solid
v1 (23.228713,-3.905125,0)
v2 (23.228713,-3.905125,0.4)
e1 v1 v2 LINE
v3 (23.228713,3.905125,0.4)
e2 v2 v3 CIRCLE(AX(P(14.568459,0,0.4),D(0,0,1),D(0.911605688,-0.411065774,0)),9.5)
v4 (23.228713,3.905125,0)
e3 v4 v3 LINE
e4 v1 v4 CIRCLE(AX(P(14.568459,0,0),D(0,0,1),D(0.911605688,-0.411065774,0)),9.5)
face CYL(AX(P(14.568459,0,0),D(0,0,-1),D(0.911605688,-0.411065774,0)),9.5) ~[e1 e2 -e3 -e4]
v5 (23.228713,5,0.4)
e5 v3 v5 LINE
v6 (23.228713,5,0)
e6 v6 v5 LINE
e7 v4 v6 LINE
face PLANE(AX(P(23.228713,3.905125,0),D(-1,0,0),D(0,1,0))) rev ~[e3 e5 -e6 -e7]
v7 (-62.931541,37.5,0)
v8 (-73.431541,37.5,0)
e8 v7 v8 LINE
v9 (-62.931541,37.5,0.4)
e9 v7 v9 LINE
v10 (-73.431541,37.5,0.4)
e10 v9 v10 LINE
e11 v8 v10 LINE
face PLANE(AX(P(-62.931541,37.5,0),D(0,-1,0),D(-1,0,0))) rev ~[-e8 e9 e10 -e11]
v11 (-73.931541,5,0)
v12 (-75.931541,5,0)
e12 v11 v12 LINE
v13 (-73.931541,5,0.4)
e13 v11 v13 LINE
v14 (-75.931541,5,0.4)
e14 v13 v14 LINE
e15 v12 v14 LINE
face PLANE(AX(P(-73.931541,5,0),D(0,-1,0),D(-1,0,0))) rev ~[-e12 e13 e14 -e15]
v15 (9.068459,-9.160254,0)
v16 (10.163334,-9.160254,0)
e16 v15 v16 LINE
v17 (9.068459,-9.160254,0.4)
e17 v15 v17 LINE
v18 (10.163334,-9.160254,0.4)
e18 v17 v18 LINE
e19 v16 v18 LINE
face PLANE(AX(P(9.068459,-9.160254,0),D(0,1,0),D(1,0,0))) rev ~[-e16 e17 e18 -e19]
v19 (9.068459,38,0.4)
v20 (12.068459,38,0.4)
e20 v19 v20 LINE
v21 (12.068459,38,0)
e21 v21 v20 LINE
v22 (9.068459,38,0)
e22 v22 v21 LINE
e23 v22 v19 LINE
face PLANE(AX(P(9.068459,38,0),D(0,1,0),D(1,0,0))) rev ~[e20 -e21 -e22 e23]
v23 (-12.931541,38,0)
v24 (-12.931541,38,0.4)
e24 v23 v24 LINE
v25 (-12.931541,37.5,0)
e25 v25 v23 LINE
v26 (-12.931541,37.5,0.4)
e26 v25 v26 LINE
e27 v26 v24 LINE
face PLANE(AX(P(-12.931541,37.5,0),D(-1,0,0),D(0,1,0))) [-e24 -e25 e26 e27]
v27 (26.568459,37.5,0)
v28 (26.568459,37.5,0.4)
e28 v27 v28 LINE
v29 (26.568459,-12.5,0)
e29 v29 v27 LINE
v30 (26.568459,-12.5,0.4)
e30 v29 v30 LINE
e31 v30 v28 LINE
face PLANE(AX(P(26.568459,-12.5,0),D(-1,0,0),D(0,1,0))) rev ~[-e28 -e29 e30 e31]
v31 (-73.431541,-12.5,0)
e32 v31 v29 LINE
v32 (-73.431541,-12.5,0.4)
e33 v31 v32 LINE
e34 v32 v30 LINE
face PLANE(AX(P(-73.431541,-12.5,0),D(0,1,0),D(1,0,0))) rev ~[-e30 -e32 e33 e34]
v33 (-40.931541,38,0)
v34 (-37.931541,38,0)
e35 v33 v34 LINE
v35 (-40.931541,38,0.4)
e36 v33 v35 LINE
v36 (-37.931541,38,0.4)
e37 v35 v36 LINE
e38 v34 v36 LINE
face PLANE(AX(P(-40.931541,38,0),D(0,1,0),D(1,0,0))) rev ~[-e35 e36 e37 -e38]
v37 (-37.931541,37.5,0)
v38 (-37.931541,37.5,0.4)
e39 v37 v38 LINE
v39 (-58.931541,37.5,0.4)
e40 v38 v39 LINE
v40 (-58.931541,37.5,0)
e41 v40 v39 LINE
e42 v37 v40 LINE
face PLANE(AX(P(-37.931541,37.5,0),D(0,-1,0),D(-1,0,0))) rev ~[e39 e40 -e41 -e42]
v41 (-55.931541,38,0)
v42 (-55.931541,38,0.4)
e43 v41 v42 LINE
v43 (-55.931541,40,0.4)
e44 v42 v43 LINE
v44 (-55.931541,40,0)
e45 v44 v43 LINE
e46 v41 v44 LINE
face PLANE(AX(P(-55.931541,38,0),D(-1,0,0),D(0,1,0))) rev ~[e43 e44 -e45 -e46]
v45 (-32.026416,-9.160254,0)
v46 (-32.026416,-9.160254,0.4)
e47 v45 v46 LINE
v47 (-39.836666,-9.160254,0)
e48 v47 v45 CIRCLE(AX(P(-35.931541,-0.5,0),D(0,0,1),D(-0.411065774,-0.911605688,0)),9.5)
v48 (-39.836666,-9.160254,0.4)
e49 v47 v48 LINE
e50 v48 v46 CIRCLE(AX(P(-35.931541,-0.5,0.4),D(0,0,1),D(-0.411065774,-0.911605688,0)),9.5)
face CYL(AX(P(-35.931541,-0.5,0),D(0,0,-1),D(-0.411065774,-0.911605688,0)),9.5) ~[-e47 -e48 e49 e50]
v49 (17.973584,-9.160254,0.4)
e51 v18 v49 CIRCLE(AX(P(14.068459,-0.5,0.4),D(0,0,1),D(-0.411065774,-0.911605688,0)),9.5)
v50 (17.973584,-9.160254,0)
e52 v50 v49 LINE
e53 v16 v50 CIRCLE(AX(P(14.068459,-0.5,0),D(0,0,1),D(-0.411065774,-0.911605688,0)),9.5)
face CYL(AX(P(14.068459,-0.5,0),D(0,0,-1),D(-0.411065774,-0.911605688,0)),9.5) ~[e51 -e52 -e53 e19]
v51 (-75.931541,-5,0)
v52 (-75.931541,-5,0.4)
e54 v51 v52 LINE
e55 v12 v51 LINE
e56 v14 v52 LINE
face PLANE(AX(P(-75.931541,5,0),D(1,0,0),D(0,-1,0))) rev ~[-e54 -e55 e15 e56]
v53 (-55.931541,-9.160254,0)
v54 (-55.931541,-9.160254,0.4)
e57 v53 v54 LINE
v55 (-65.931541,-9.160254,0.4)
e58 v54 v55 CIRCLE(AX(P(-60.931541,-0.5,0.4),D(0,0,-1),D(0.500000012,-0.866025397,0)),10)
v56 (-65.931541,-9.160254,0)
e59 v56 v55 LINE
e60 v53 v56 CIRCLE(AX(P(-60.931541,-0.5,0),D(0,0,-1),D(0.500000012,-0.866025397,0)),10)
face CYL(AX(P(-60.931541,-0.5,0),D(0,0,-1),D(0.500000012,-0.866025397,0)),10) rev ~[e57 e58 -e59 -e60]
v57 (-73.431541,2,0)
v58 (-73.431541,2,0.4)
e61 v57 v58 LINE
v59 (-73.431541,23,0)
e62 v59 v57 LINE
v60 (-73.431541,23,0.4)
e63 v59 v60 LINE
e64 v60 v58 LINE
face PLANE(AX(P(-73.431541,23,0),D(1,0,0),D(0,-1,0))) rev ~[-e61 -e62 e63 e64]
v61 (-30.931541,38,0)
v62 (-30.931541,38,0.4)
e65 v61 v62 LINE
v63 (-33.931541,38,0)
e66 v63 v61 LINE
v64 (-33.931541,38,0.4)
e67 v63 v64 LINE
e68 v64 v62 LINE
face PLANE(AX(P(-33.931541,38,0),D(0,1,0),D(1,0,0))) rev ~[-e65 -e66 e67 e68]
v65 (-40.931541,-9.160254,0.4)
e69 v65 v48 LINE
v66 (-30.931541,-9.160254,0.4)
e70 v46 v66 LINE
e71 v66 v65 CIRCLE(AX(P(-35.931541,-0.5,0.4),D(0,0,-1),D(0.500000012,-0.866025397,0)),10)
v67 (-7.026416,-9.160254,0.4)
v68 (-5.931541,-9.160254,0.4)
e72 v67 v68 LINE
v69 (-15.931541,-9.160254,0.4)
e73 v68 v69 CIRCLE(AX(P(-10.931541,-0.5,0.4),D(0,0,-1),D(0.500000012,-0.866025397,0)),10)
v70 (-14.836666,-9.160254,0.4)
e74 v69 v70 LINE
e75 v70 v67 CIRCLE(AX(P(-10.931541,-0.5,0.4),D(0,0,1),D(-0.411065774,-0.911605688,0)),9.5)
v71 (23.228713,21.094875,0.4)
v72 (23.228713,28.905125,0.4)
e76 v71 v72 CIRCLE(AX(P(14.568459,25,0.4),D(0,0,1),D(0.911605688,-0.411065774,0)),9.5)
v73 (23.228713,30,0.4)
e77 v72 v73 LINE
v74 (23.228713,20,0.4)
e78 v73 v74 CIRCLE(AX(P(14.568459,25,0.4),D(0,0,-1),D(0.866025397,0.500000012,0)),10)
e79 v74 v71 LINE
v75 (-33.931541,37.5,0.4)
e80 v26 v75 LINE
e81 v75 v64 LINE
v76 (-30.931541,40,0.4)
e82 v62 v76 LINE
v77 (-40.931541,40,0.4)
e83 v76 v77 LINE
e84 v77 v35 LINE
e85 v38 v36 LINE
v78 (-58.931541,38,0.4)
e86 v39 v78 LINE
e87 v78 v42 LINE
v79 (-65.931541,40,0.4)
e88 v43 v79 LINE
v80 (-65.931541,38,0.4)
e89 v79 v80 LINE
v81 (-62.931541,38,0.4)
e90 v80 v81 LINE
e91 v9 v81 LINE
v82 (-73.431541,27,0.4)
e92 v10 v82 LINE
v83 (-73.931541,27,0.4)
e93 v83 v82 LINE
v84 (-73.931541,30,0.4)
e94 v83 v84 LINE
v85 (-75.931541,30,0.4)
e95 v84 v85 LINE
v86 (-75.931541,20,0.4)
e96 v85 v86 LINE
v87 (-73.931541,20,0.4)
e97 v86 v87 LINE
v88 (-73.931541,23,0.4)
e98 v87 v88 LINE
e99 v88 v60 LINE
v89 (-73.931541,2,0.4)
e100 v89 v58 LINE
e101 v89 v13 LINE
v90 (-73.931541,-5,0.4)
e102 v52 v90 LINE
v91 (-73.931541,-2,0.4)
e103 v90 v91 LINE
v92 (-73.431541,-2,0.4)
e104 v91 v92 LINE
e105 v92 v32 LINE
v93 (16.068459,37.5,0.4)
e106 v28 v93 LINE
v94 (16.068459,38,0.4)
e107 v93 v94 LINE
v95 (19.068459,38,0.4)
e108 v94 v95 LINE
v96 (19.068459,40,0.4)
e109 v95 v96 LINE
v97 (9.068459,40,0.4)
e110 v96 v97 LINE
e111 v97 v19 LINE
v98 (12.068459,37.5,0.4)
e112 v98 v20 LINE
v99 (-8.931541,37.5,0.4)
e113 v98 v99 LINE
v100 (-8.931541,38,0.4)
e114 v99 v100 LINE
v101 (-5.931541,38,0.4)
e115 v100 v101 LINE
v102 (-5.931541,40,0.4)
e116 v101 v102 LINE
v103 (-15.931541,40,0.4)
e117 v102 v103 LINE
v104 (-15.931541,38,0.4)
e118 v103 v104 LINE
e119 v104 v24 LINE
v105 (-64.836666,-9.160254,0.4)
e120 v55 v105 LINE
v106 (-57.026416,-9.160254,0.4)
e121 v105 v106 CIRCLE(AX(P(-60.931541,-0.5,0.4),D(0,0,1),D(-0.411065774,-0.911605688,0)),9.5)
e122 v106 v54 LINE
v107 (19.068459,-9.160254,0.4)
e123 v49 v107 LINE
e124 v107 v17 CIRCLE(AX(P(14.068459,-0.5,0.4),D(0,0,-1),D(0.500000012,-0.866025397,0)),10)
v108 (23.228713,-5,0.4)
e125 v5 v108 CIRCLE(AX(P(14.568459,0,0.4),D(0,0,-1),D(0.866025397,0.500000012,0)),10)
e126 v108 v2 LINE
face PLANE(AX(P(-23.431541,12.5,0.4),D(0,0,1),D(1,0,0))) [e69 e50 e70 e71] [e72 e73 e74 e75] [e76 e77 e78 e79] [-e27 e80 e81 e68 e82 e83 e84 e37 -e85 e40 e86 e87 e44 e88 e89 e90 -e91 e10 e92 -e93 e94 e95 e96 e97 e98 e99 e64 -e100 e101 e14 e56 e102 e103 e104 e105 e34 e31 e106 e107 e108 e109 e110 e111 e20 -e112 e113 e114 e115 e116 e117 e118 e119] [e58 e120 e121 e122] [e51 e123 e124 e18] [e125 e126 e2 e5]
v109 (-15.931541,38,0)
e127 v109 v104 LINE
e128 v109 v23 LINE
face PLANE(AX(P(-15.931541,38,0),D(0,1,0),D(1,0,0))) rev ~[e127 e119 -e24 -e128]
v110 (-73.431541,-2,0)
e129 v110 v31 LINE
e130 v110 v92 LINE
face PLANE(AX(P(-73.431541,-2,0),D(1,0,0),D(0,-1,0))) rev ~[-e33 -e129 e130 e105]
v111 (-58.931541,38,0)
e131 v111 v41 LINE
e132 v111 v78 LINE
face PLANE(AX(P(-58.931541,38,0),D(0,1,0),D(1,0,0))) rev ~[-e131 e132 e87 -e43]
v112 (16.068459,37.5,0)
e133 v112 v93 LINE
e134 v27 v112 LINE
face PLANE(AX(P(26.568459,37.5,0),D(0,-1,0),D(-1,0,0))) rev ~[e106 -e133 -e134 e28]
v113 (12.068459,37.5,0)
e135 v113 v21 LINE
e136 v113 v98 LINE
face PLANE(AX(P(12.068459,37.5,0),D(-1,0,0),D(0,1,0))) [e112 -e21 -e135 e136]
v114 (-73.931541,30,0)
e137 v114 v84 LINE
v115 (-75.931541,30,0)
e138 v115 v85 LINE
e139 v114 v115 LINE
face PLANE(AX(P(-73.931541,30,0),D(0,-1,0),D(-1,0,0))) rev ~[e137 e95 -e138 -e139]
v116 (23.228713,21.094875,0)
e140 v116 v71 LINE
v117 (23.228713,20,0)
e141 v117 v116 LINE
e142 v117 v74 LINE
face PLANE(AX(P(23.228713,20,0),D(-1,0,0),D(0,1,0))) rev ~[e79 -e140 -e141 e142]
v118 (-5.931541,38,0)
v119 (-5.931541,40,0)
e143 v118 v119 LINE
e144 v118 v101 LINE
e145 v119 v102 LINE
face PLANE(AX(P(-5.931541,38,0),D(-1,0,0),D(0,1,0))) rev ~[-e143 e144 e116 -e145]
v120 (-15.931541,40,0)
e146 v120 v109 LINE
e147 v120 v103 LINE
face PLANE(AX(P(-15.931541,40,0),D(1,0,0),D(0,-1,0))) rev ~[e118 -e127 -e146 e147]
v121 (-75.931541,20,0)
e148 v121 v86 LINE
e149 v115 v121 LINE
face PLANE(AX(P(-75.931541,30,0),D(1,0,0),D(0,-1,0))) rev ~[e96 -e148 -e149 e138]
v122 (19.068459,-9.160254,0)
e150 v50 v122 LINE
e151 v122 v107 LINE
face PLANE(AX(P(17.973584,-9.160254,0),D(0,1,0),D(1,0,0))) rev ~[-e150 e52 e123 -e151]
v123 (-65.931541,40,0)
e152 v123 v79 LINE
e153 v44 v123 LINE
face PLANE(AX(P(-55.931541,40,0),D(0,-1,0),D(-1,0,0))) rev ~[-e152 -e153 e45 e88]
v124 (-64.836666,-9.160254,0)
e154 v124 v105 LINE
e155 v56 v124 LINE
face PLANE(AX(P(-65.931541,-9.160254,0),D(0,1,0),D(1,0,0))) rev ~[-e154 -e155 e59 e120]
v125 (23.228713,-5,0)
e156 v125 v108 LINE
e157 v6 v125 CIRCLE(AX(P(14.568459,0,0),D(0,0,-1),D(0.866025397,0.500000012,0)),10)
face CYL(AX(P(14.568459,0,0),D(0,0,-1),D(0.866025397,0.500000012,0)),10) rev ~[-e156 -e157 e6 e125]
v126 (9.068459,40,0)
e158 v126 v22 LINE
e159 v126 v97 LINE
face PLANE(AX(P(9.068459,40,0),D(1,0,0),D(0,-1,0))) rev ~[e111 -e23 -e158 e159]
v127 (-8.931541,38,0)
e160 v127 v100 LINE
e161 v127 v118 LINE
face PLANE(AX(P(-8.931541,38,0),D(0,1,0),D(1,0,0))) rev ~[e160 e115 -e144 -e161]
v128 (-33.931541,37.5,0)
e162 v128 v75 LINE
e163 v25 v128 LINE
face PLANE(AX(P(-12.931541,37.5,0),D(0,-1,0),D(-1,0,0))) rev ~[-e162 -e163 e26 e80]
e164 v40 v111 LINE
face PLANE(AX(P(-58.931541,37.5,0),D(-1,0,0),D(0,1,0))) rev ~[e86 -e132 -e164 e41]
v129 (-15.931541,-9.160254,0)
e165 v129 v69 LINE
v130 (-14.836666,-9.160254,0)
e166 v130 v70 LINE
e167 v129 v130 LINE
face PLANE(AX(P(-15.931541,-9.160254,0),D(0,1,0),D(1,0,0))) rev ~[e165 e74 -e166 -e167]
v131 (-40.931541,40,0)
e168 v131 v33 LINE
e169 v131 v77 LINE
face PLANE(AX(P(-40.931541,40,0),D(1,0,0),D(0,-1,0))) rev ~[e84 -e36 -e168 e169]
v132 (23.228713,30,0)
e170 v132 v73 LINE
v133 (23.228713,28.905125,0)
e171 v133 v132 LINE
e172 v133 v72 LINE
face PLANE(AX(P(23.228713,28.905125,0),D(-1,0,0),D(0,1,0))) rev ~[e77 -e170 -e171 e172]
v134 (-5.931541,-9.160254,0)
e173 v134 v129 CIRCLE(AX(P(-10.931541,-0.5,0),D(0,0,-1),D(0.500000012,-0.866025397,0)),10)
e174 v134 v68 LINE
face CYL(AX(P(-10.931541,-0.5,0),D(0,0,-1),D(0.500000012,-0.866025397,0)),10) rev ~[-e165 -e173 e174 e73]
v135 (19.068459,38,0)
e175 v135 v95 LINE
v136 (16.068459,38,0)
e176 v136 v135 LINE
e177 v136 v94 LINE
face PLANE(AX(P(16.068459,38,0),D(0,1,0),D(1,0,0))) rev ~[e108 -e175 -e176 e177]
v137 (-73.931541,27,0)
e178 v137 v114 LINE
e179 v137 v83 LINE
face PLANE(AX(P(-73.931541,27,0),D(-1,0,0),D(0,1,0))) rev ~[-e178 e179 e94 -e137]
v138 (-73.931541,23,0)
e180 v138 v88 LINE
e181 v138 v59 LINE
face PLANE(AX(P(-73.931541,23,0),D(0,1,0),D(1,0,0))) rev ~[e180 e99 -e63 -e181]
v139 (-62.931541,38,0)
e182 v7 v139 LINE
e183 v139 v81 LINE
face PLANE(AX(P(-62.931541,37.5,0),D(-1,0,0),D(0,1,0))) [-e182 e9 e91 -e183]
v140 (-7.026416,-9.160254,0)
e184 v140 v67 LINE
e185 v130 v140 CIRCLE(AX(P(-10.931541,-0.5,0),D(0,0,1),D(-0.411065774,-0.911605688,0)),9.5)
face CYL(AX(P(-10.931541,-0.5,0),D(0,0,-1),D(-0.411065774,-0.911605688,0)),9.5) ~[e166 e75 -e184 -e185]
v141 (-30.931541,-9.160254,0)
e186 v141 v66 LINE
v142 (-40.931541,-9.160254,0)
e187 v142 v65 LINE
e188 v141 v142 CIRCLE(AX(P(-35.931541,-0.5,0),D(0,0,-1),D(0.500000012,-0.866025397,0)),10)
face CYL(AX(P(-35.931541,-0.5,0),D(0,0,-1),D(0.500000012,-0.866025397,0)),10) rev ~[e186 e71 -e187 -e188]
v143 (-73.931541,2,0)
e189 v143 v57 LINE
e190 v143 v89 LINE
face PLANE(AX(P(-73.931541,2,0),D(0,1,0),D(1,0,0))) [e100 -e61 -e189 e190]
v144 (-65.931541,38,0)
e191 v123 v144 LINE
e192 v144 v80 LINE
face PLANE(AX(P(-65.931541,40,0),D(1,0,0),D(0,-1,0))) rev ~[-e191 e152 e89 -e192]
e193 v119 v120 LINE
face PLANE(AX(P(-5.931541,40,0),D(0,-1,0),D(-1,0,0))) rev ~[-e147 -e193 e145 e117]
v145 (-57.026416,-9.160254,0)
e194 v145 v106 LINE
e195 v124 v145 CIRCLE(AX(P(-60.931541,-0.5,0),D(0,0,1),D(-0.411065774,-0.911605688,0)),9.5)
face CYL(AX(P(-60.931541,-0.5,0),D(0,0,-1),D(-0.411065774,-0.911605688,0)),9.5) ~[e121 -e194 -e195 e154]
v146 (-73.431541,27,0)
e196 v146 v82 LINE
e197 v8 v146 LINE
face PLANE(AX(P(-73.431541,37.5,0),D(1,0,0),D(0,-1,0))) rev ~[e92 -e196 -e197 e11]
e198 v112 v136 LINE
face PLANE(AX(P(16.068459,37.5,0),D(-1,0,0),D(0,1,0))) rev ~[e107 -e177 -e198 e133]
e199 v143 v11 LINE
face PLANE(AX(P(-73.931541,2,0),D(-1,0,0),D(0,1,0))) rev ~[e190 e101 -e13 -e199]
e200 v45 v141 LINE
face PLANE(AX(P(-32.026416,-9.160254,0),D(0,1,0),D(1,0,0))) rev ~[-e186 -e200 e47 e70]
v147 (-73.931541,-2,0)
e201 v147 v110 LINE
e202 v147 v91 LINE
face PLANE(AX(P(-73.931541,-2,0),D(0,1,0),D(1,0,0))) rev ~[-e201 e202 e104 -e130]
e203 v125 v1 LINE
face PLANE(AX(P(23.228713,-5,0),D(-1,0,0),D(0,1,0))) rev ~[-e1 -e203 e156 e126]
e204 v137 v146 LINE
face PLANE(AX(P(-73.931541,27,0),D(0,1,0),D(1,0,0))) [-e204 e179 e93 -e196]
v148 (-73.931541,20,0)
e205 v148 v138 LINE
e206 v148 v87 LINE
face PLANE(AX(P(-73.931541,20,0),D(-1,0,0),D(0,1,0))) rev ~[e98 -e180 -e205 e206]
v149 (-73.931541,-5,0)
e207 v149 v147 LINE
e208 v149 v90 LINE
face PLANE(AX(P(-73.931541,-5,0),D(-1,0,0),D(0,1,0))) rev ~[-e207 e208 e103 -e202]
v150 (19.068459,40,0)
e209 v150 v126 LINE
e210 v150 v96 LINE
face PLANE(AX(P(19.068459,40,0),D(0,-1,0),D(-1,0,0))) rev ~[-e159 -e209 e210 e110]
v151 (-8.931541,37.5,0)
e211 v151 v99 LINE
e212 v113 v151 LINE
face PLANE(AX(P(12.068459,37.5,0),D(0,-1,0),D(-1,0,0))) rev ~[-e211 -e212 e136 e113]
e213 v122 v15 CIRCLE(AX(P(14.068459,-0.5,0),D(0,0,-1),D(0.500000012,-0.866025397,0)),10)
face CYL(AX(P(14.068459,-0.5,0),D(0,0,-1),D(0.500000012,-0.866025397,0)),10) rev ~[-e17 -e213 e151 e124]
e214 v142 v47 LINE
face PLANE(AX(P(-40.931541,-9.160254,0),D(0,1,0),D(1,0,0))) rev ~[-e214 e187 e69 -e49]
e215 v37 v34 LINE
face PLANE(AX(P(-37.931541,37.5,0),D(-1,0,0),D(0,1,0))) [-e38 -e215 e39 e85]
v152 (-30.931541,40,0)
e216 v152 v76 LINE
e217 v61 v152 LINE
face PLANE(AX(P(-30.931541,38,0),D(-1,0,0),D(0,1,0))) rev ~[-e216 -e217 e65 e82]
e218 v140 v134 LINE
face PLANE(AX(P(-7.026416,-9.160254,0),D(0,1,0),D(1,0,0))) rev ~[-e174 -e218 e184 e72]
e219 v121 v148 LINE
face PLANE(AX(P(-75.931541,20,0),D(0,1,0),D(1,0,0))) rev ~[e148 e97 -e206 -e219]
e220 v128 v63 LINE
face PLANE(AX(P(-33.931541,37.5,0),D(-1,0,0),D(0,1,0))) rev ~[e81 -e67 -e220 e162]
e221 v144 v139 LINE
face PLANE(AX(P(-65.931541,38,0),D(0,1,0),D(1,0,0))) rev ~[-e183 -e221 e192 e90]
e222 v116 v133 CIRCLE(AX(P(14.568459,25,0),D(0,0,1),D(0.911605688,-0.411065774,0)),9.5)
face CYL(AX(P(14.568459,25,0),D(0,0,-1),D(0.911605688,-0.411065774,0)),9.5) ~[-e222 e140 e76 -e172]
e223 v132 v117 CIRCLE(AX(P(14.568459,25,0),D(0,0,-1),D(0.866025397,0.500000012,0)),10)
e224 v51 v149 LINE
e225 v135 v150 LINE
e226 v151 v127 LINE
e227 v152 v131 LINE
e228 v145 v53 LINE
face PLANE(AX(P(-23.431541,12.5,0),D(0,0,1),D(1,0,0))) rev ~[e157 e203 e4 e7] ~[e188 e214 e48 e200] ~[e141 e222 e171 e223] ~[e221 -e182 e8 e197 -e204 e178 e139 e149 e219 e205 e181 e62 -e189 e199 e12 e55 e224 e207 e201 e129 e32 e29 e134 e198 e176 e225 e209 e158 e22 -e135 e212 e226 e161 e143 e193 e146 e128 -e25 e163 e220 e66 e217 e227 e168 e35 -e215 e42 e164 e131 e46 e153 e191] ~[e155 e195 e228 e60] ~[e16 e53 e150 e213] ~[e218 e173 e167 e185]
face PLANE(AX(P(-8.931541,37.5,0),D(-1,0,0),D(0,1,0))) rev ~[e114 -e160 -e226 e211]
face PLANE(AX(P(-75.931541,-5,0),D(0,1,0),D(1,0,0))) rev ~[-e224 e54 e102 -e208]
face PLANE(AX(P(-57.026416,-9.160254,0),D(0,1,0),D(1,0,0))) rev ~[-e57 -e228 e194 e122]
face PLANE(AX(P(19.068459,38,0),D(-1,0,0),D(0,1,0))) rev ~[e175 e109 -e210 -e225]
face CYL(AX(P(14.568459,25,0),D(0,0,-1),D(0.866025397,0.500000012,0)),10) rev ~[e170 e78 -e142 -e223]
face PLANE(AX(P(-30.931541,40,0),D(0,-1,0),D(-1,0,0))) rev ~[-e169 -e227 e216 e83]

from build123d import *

# Parameters (mm, degrees)
F0_W     = 4
F0_H     = 0.5
F0_W_2   = 0.5
F0_H_2   = 4
F1_DEPTH = 0.4


with BuildPart() as f1:
    # F0 (on Top) → F1 (new body)
    with BuildSketch(Plane.XY):
        Polygon((-62.931541, 37.5), (-73.431541, 37.5), (-73.431541, 27), (-73.431541, 23), (-73.431541, 2), (-73.431541, -2), (-73.431541, -12.5), (26.568459, -12.5), (26.568459, 37.5), (16.068459, 37.5), (12.068459, 37.5), (-8.931541, 37.5), (-12.931541, 37.5), (-33.931541, 37.5), (-37.931541, 37.5), (-58.931541, 37.5), align=None)
        with BuildLine():
            ThreePointArc((-55.931541, -9.160254), (-60.931541, -10.5), (-65.931541, -9.160254))
            Line((-65.931541, -9.160254), (-64.836666, -9.160254))
            ThreePointArc((-64.836666, -9.160254), (-60.931541, -10), (-57.026416, -9.160254))
            Line((-57.026416, -9.160254), (-55.931541, -9.160254))
        make_face(mode=Mode.SUBTRACT)
        with BuildLine():
            Line((-40.931541, -9.160254), (-39.836666, -9.160254))
            ThreePointArc((-39.836666, -9.160254), (-35.931541, -10), (-32.026416, -9.160254))
            Line((-32.026416, -9.160254), (-30.931541, -9.160254))
            ThreePointArc((-30.931541, -9.160254), (-35.931541, -10.5), (-40.931541, -9.160254))
        make_face(mode=Mode.SUBTRACT)
        with BuildLine():
            Line((-15.931541, -9.160254), (-14.836666, -9.160254))
            ThreePointArc((-14.836666, -9.160254), (-10.931541, -10), (-7.026416, -9.160254))
            Line((-7.026416, -9.160254), (-5.931541, -9.160254))
            ThreePointArc((-5.931541, -9.160254), (-10.931541, -10.5), (-15.931541, -9.160254))
        make_face(mode=Mode.SUBTRACT)
        with BuildLine():
            Line((9.068459, -9.160254), (10.163334, -9.160254))
            ThreePointArc((10.163334, -9.160254), (14.068459, -10), (17.973584, -9.160254))
            Line((17.973584, -9.160254), (19.068459, -9.160254))
            ThreePointArc((19.068459, -9.160254), (14.068459, -10.5), (9.068459, -9.160254))
        make_face(mode=Mode.SUBTRACT)
        with BuildLine():
            ThreePointArc((23.228713, 5), (24.568459, 0), (23.228713, -5))
            Line((23.228713, -5), (23.228713, -3.905125))
            ThreePointArc((23.228713, -3.905125), (24.068459, 0), (23.228713, 3.905125))
            Line((23.228713, 3.905125), (23.228713, 5))
        make_face(mode=Mode.SUBTRACT)
        with BuildLine():
            Line((23.228713, 20), (23.228713, 21.094875))
            ThreePointArc((23.228713, 21.094875), (24.068459, 25), (23.228713, 28.905125))
            Line((23.228713, 28.905125), (23.228713, 30))
            ThreePointArc((23.228713, 30), (24.568459, 25), (23.228713, 20))
        make_face(mode=Mode.SUBTRACT)
        Polygon((9.068459, 38), (12.068459, 38), (16.068459, 38), (19.068459, 38), (19.068459, 40), (9.068459, 40), align=None)
        with Locations((14.068459, 37.75)):
            Rectangle(F0_W, F0_H)
        Polygon((-40.931541, 38), (-37.931541, 38), (-33.931541, 38), (-30.931541, 38), (-30.931541, 40), (-40.931541, 40), align=None)
        Polygon((-15.931541, 38), (-12.931541, 38), (-8.931541, 38), (-5.931541, 38), (-5.931541, 40), (-15.931541, 40), align=None)
        Polygon((-65.931541, 38), (-62.931541, 38), (-58.931541, 38), (-55.931541, 38), (-55.931541, 40), (-65.931541, 40), align=None)
        with Locations((-35.931541, 37.75)):
            Rectangle(F0_W, F0_H)
        with Locations((-10.931541, 37.75)):
            Rectangle(F0_W, F0_H)
        with Locations((-60.931541, 37.75)):
            Rectangle(F0_W, F0_H)
        Polygon((-73.931541, 23), (-73.931541, 27), (-73.931541, 30), (-75.931541, 30), (-75.931541, 20), (-73.931541, 20), align=None)
        Polygon((-73.931541, -2), (-73.931541, 2), (-73.931541, 5), (-75.931541, 5), (-75.931541, -5), (-73.931541, -5), align=None)
        with Locations((-73.681541, 0)):
            Rectangle(F0_W_2, F0_H_2)
        with Locations((-73.681541, 25)):
            Rectangle(F0_W_2, F0_H_2)
    extrude(amount=F1_DEPTH)


solid = f1.part
